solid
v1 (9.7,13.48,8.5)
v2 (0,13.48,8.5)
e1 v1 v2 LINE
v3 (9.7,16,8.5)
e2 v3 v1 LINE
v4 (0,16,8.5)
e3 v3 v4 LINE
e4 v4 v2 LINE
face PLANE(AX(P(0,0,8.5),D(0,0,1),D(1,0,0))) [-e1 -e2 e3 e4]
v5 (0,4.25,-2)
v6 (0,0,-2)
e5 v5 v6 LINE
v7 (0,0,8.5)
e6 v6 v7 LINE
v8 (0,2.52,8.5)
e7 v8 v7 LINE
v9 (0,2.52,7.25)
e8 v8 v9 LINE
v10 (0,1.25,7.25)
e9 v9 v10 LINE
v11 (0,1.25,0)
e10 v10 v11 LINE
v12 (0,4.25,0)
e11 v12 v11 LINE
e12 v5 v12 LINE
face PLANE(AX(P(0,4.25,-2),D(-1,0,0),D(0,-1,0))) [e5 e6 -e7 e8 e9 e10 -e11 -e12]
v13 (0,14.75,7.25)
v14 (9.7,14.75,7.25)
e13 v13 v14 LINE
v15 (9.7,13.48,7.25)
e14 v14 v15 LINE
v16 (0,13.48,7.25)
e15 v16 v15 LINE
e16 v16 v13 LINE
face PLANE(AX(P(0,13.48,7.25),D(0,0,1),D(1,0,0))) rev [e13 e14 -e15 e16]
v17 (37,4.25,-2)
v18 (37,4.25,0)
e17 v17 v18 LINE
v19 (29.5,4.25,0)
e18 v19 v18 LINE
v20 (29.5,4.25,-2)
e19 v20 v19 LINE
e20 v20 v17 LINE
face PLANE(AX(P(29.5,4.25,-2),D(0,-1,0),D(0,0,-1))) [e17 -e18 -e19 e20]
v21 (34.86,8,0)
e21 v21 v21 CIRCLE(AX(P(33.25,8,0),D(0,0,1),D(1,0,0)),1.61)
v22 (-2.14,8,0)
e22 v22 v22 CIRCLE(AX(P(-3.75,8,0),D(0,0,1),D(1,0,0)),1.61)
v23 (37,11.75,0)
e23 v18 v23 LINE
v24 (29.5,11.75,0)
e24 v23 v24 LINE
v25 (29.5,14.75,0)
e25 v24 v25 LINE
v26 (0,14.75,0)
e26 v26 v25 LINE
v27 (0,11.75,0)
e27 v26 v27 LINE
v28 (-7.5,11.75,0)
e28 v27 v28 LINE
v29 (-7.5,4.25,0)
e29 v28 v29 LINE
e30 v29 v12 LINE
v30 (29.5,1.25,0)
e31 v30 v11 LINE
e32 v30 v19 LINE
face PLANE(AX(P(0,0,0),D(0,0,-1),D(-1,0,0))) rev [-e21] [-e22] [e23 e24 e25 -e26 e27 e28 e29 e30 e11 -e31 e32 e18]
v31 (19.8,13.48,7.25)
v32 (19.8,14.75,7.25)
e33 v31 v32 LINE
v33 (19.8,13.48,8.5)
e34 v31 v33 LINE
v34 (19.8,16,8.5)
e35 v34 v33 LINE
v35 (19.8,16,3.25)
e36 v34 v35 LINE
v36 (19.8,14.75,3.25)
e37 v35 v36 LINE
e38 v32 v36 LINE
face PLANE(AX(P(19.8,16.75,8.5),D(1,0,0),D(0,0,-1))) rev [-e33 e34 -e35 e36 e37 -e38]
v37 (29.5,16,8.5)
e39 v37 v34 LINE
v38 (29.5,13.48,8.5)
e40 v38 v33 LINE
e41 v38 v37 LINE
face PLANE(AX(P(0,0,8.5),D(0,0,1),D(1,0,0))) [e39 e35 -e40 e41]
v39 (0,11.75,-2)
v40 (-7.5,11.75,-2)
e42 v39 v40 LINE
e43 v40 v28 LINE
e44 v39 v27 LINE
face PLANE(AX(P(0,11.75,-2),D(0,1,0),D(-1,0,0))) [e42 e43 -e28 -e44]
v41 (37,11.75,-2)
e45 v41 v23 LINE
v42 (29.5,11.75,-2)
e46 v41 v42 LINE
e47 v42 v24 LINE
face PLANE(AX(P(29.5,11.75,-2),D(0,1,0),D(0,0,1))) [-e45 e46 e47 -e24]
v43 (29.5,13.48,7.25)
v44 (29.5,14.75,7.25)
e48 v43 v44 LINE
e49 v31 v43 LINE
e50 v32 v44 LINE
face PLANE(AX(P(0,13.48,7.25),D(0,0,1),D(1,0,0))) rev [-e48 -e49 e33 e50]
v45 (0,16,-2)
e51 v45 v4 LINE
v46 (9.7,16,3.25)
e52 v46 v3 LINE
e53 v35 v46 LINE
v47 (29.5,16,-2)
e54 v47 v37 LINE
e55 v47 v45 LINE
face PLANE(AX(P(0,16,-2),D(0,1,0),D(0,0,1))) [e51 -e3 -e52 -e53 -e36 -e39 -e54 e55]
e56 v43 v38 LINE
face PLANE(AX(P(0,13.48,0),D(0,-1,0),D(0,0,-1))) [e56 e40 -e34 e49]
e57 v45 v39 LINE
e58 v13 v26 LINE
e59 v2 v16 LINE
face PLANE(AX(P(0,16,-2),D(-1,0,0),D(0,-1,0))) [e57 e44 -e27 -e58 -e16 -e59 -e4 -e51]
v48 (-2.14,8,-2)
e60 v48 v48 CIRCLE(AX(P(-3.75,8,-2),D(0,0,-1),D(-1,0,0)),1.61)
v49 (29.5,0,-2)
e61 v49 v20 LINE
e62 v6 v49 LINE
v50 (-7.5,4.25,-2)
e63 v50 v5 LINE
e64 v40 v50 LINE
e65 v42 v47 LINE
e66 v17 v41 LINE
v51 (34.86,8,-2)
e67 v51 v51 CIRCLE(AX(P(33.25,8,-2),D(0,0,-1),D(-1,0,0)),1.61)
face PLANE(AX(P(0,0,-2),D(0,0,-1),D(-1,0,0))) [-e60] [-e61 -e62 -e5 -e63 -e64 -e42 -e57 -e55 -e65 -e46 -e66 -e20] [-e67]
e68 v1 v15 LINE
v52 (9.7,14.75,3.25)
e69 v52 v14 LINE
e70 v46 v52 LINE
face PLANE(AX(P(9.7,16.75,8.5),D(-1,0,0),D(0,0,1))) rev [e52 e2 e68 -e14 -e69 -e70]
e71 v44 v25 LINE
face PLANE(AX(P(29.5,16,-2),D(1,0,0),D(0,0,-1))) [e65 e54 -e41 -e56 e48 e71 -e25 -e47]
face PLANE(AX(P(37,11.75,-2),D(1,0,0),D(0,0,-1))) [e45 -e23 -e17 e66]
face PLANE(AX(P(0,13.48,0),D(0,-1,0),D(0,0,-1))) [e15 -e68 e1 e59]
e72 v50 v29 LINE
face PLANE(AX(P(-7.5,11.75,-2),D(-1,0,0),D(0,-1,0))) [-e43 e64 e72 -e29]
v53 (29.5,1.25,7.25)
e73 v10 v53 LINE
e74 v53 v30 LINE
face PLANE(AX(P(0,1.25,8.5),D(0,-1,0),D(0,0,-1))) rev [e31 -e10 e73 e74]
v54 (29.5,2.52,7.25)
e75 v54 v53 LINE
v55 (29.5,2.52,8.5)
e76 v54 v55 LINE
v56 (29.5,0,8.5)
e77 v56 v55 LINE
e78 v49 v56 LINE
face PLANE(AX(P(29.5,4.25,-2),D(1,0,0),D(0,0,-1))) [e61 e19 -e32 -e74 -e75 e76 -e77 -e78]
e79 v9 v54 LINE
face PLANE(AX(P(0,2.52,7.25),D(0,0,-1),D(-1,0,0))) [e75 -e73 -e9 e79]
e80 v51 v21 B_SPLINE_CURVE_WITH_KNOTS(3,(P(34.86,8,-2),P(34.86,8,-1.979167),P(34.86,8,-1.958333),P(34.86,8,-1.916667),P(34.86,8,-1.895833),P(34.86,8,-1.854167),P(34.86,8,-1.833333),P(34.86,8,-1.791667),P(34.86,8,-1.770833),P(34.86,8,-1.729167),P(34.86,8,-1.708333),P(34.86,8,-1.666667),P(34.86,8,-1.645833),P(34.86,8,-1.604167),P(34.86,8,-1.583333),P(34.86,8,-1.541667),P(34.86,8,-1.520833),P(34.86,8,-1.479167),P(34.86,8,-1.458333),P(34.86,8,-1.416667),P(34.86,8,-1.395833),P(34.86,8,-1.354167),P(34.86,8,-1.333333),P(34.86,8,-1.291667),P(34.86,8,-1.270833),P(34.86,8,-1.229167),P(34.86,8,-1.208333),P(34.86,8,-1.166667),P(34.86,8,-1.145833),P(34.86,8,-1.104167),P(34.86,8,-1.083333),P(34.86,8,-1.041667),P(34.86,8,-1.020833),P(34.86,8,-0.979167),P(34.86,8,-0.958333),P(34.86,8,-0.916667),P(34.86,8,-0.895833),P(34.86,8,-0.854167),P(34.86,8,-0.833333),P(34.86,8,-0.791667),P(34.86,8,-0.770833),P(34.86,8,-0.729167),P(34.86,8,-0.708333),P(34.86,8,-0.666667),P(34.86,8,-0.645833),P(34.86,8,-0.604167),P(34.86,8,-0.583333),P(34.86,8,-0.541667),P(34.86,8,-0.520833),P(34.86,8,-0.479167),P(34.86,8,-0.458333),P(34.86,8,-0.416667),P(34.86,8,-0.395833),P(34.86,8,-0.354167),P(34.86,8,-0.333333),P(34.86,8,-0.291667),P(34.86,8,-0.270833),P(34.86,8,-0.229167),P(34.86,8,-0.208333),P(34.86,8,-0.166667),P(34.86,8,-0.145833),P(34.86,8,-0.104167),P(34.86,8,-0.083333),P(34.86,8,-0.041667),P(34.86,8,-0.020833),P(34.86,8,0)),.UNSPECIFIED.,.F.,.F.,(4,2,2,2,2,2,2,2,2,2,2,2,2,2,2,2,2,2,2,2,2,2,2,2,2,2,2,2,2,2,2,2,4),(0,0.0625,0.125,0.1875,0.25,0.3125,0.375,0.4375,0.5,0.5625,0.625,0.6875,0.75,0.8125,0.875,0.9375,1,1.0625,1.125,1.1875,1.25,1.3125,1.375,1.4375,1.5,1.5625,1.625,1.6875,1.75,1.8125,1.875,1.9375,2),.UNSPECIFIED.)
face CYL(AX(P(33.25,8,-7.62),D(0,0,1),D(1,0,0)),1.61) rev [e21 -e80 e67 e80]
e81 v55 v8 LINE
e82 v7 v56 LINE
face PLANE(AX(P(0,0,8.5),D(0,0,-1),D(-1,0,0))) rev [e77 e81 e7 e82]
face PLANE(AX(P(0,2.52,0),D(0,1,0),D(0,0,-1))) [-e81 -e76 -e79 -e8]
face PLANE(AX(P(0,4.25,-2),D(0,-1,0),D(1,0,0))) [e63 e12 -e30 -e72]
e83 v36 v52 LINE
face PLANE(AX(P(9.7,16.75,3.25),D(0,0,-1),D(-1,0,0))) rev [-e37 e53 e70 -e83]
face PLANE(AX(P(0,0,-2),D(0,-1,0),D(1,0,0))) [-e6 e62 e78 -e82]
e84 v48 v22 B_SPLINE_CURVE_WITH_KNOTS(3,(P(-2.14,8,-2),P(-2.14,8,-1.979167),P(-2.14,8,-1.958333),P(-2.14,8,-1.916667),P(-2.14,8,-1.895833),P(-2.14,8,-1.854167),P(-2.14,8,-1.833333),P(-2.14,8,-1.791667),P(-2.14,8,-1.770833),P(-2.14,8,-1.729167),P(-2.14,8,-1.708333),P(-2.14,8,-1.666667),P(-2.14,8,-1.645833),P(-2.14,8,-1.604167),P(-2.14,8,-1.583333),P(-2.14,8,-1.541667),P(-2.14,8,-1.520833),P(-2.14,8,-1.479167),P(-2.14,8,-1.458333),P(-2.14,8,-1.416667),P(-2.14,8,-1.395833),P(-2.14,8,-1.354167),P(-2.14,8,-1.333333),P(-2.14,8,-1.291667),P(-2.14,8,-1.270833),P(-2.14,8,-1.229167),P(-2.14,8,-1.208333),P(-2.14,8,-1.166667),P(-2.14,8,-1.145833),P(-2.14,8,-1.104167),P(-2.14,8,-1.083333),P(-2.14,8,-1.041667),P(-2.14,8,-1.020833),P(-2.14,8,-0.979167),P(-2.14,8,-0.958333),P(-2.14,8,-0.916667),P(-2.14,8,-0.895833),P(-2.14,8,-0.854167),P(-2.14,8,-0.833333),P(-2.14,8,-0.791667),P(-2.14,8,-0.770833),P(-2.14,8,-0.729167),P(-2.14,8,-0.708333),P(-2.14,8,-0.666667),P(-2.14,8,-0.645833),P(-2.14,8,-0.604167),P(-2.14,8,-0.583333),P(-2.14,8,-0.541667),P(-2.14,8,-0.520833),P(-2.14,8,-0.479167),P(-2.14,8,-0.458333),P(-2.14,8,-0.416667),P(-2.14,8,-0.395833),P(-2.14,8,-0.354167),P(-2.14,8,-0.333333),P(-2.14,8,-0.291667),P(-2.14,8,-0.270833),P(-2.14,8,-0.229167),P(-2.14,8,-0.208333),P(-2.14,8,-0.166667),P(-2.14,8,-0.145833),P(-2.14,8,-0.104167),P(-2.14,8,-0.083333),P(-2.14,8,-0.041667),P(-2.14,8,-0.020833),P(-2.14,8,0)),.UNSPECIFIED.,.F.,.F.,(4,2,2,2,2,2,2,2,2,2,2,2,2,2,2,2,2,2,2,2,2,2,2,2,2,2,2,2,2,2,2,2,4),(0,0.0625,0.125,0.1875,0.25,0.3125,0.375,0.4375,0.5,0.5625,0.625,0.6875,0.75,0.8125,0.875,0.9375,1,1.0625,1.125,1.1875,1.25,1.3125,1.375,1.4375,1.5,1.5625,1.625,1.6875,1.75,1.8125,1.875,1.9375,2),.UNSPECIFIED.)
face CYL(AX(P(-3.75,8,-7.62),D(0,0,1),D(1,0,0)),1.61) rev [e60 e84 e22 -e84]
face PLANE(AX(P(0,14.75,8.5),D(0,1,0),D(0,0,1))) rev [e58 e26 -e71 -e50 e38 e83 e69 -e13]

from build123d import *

# Parameters (mm, degrees)
BOSS_EXTRUDE2_DEPTH = 2
SKETCH3_R           = 1.61
CUT_EXTRUDE1_DEPTH  = 7.62
SKETCH6_W           = 29.5
SKETCH6_H           = 1.25
BOSS_EXTRUDE4_DEPTH = 8.5
SKETCH7_W           = 29.5
SKETCH7_H           = 1.25
BOSS_EXTRUDE5_DEPTH = 1.27
SKETCH10_W          = 10.1
SKETCH10_H          = 5.25
CUT_EXTRUDE2_DEPTH  = 2


with BuildPart() as part:
    # Sketch2 → Boss-Extrude2 (new body)
    with BuildSketch(Plane.XY):
        Polygon((0, 4.25), (0, 0), (29.5, 0), (29.5, 4.25), (37, 4.25), (37, 11.75), (29.5, 11.75), (29.5, 16), (0, 16), (0, 11.75), (-7.5, 11.75), (-7.5, 4.25), align=None)
    extrude(amount=-BOSS_EXTRUDE2_DEPTH)

    # Sketch3 → Cut-Extrude1 (cut)
    with BuildSketch(Plane.XY):
        with Locations((33.25, 8)):
            Circle(SKETCH3_R)
        with Locations((-3.75, 8)):
            Circle(SKETCH3_R)
    extrude(amount=-CUT_EXTRUDE1_DEPTH, mode=Mode.SUBTRACT)

    # Sketch6 → Boss-Extrude4 (add)
    with BuildSketch(Plane.XY):
        with Locations((14.75, 0.625)):
            Rectangle(SKETCH6_W, SKETCH6_H)
        with Locations((14.75, 15.375)):
            Rectangle(SKETCH6_W, SKETCH6_H)
    extrude(amount=BOSS_EXTRUDE4_DEPTH)

    # Sketch7 → Boss-Extrude5 (add)
    with BuildSketch(Plane.XZ.offset(-14.75)):
        with Locations((14.75, 7.875)):
            Rectangle(SKETCH7_W, SKETCH7_H)
    boss_extrude5 = extrude(amount=BOSS_EXTRUDE5_DEPTH)

    # Mirror1: Boss-Extrude5 across plane
    add(boss_extrude5.mirror(Plane.ZX.offset(8)))

    # Sketch10 → Cut-Extrude2 (cut, symmetric)
    with BuildSketch(Plane.XZ.offset(-14.75)):
        with Locations((14.75, 5.875)):
            Rectangle(SKETCH10_W, SKETCH10_H)
    extrude(amount=CUT_EXTRUDE2_DEPTH, both=True, mode=Mode.SUBTRACT)


solid = part.part
